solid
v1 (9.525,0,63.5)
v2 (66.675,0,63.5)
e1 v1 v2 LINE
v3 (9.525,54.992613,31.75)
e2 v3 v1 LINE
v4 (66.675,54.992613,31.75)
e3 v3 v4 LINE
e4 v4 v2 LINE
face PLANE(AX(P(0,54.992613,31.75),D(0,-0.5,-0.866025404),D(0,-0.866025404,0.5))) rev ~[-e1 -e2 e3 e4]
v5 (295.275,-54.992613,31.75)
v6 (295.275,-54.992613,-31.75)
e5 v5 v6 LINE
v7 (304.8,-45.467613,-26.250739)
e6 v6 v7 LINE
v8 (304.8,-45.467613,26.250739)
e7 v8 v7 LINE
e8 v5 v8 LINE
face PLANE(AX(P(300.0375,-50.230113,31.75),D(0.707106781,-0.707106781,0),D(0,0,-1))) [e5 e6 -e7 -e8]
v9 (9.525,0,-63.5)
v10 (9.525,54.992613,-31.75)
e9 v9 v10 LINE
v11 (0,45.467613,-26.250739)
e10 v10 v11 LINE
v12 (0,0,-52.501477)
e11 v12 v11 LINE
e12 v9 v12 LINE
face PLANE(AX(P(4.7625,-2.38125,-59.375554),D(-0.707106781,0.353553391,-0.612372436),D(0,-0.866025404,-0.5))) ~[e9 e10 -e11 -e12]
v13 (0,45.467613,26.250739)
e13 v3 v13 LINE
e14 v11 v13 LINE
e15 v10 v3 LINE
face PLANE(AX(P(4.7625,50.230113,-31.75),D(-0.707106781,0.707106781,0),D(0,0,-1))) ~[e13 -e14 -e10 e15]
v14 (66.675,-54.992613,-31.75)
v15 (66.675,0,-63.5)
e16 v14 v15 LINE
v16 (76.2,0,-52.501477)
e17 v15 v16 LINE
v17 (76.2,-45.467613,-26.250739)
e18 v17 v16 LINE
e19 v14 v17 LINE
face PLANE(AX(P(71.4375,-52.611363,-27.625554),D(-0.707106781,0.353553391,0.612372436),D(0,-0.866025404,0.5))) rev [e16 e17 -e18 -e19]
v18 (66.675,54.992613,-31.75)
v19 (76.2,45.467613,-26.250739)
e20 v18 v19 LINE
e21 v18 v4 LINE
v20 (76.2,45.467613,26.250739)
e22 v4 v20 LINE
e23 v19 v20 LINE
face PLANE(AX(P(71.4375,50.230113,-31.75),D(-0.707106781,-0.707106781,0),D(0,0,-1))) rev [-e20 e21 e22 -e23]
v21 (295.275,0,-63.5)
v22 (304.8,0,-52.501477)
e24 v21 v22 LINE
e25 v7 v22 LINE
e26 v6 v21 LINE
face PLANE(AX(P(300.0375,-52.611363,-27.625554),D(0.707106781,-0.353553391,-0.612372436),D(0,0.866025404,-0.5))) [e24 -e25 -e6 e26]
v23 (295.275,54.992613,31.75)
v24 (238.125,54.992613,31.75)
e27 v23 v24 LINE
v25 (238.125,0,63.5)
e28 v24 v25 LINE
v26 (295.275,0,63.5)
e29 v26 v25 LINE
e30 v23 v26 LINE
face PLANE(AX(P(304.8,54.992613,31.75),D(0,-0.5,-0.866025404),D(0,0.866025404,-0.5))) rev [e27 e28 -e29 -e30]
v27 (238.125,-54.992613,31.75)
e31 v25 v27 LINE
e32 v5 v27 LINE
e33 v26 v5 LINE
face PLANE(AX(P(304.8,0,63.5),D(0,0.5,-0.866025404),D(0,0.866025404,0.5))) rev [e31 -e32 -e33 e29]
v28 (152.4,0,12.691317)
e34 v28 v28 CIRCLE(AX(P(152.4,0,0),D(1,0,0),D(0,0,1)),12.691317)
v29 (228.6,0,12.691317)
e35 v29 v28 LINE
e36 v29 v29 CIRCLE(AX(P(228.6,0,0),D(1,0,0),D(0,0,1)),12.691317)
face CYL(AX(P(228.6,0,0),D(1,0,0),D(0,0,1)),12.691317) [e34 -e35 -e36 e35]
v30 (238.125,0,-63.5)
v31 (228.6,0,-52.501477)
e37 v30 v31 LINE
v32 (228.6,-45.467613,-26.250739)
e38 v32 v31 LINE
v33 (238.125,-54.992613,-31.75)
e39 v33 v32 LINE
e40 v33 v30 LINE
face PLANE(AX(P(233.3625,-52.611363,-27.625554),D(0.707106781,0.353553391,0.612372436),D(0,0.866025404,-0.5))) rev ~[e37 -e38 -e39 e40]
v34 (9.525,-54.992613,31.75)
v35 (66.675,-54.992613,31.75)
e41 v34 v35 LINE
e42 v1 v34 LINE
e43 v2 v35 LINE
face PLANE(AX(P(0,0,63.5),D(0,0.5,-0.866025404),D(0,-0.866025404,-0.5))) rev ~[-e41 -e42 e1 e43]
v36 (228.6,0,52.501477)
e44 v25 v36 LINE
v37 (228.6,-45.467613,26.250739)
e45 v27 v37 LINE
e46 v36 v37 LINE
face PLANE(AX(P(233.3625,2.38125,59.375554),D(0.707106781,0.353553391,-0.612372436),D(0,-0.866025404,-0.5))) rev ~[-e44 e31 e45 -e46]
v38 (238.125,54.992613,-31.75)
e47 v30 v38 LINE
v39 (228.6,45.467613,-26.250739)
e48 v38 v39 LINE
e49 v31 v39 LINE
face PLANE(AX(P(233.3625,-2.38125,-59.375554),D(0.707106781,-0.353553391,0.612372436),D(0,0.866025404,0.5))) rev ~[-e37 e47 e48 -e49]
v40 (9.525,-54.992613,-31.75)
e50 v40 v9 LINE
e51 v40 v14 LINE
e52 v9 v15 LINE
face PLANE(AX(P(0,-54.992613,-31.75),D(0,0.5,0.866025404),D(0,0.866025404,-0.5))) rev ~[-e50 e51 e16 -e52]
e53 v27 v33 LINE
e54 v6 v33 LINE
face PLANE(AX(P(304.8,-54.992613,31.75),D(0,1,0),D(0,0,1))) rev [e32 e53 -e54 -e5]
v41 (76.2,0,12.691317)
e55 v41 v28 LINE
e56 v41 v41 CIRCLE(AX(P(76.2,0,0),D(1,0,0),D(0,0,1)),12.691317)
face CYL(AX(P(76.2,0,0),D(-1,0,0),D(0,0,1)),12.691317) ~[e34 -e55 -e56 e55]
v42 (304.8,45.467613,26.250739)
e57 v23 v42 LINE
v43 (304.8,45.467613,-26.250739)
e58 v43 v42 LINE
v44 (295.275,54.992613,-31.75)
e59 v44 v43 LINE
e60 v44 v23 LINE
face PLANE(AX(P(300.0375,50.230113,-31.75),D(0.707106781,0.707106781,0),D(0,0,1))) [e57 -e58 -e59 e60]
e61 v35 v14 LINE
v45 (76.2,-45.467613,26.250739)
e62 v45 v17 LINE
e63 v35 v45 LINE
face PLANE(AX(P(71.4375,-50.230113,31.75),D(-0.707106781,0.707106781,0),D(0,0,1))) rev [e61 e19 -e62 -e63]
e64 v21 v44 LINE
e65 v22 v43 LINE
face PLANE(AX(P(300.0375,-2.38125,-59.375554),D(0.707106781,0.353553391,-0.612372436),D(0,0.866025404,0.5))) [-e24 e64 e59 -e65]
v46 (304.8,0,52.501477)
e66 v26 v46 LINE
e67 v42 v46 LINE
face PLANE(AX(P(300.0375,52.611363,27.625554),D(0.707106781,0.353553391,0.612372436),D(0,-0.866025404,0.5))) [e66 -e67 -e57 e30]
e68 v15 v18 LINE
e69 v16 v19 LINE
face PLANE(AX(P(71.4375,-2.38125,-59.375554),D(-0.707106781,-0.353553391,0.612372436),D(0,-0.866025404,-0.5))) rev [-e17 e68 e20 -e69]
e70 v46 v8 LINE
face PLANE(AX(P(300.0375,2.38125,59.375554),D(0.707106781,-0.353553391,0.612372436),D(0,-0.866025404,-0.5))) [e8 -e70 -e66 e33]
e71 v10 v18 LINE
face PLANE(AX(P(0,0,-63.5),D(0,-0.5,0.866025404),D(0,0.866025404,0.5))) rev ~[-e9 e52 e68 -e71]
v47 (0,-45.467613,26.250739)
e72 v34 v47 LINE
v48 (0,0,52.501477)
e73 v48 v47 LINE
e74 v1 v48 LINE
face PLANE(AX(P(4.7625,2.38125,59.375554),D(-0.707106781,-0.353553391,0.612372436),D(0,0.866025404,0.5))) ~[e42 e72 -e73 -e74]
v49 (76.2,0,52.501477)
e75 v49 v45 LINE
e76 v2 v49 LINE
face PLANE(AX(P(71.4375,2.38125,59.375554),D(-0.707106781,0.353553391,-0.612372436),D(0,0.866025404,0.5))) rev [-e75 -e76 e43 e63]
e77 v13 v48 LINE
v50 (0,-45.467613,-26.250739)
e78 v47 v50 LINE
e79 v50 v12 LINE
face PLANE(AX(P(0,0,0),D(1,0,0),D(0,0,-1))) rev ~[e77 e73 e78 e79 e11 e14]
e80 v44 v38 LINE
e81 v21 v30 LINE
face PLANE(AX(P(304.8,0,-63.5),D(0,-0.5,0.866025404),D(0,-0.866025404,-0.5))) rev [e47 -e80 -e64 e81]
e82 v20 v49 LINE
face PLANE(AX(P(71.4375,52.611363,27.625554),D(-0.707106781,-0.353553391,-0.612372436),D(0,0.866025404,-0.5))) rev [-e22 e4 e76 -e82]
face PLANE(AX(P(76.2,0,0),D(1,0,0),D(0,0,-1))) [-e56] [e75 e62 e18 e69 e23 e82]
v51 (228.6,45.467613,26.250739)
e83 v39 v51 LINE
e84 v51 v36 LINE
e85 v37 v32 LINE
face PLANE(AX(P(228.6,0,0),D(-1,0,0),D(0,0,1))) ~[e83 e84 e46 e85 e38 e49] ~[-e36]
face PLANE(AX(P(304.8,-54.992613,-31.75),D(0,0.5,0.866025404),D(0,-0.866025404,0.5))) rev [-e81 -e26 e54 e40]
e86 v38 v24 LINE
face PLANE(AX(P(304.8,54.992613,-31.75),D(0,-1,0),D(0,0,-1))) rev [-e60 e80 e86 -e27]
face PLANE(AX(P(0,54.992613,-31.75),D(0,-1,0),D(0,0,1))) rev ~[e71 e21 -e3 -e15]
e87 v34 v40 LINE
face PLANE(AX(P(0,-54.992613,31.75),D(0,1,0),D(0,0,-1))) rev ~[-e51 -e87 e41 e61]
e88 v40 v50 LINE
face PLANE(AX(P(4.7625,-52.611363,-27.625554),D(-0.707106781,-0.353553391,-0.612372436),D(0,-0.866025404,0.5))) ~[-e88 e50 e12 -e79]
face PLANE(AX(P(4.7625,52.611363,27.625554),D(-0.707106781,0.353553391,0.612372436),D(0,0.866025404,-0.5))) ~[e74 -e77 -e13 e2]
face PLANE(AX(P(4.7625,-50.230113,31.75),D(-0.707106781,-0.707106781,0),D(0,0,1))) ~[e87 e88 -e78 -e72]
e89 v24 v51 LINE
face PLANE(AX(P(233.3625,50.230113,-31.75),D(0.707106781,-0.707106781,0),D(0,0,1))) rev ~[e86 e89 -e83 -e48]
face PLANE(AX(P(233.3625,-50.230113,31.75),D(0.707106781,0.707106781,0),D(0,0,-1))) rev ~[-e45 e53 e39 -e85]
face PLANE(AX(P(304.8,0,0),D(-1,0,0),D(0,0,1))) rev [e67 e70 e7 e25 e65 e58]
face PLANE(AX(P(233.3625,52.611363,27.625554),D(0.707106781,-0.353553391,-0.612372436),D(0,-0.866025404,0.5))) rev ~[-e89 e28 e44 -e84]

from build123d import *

# Parameters (mm, degrees)
BASE_EXTRUDE_DEPTH  = 76.2
CHAMFER1_SIZE       = 9.525
SKETCH2_R           = 12.691316964
BOSS_EXTRUDE1_DEPTH = 76.2


with BuildPart() as part:
    # Sketch1 → Base-Extrude (new body)
    with BuildSketch(Plane(origin=(0, 0, 0), x_dir=(0, 0, -1), z_dir=(1, 0, 0))):
        Polygon((63.5, 0), (31.75, 54.99261314), (-31.75, 54.99261314), (-63.5, 0), (-31.75, -54.99261314), (31.75, -54.99261314), align=None)
    extrude(amount=BASE_EXTRUDE_DEPTH)

    # Chamfer1
    chamfer1_edges = [part.edges().sort_by_distance(p)[0] for p in [
        (76.2, 54.99261314, 0),
        (76.2, 27.49630657, 47.625),
        (76.2, -27.49630657, 47.625),
        (76.2, -54.99261314, 0),
        (76.2, -27.49630657, -47.625),
        (0, -54.99261314, 0),
        (0, -27.49630657, 47.625),
        (0, 27.49630657, 47.625),
        (76.2, 27.49630657, -47.625),
        (0, 54.99261314, 0),
        (0, 27.49630657, -47.625),
        (0, -27.49630657, -47.625),
    ]]
    chamfer(chamfer1_edges, length=CHAMFER1_SIZE)

    # Sketch2 → Boss-Extrude1 (add)
    with BuildSketch(Plane(origin=(76.2, 0, 0), x_dir=(0, 0, -1), z_dir=(1, 0, 0))):
        with Locations(Location((0, 0, 0), (0, 0, 180))):
            Circle(SKETCH2_R)
    extrude(amount=BOSS_EXTRUDE1_DEPTH)

    # Mirror All1: part across plane


with BuildPart() as part_1:
    add(part.part)
    add(part.part.mirror(Plane(origin=(152.4, 0, 0), x_dir=(0, 0, 1), z_dir=(1, 0, 0))))


solid = part_1.part
